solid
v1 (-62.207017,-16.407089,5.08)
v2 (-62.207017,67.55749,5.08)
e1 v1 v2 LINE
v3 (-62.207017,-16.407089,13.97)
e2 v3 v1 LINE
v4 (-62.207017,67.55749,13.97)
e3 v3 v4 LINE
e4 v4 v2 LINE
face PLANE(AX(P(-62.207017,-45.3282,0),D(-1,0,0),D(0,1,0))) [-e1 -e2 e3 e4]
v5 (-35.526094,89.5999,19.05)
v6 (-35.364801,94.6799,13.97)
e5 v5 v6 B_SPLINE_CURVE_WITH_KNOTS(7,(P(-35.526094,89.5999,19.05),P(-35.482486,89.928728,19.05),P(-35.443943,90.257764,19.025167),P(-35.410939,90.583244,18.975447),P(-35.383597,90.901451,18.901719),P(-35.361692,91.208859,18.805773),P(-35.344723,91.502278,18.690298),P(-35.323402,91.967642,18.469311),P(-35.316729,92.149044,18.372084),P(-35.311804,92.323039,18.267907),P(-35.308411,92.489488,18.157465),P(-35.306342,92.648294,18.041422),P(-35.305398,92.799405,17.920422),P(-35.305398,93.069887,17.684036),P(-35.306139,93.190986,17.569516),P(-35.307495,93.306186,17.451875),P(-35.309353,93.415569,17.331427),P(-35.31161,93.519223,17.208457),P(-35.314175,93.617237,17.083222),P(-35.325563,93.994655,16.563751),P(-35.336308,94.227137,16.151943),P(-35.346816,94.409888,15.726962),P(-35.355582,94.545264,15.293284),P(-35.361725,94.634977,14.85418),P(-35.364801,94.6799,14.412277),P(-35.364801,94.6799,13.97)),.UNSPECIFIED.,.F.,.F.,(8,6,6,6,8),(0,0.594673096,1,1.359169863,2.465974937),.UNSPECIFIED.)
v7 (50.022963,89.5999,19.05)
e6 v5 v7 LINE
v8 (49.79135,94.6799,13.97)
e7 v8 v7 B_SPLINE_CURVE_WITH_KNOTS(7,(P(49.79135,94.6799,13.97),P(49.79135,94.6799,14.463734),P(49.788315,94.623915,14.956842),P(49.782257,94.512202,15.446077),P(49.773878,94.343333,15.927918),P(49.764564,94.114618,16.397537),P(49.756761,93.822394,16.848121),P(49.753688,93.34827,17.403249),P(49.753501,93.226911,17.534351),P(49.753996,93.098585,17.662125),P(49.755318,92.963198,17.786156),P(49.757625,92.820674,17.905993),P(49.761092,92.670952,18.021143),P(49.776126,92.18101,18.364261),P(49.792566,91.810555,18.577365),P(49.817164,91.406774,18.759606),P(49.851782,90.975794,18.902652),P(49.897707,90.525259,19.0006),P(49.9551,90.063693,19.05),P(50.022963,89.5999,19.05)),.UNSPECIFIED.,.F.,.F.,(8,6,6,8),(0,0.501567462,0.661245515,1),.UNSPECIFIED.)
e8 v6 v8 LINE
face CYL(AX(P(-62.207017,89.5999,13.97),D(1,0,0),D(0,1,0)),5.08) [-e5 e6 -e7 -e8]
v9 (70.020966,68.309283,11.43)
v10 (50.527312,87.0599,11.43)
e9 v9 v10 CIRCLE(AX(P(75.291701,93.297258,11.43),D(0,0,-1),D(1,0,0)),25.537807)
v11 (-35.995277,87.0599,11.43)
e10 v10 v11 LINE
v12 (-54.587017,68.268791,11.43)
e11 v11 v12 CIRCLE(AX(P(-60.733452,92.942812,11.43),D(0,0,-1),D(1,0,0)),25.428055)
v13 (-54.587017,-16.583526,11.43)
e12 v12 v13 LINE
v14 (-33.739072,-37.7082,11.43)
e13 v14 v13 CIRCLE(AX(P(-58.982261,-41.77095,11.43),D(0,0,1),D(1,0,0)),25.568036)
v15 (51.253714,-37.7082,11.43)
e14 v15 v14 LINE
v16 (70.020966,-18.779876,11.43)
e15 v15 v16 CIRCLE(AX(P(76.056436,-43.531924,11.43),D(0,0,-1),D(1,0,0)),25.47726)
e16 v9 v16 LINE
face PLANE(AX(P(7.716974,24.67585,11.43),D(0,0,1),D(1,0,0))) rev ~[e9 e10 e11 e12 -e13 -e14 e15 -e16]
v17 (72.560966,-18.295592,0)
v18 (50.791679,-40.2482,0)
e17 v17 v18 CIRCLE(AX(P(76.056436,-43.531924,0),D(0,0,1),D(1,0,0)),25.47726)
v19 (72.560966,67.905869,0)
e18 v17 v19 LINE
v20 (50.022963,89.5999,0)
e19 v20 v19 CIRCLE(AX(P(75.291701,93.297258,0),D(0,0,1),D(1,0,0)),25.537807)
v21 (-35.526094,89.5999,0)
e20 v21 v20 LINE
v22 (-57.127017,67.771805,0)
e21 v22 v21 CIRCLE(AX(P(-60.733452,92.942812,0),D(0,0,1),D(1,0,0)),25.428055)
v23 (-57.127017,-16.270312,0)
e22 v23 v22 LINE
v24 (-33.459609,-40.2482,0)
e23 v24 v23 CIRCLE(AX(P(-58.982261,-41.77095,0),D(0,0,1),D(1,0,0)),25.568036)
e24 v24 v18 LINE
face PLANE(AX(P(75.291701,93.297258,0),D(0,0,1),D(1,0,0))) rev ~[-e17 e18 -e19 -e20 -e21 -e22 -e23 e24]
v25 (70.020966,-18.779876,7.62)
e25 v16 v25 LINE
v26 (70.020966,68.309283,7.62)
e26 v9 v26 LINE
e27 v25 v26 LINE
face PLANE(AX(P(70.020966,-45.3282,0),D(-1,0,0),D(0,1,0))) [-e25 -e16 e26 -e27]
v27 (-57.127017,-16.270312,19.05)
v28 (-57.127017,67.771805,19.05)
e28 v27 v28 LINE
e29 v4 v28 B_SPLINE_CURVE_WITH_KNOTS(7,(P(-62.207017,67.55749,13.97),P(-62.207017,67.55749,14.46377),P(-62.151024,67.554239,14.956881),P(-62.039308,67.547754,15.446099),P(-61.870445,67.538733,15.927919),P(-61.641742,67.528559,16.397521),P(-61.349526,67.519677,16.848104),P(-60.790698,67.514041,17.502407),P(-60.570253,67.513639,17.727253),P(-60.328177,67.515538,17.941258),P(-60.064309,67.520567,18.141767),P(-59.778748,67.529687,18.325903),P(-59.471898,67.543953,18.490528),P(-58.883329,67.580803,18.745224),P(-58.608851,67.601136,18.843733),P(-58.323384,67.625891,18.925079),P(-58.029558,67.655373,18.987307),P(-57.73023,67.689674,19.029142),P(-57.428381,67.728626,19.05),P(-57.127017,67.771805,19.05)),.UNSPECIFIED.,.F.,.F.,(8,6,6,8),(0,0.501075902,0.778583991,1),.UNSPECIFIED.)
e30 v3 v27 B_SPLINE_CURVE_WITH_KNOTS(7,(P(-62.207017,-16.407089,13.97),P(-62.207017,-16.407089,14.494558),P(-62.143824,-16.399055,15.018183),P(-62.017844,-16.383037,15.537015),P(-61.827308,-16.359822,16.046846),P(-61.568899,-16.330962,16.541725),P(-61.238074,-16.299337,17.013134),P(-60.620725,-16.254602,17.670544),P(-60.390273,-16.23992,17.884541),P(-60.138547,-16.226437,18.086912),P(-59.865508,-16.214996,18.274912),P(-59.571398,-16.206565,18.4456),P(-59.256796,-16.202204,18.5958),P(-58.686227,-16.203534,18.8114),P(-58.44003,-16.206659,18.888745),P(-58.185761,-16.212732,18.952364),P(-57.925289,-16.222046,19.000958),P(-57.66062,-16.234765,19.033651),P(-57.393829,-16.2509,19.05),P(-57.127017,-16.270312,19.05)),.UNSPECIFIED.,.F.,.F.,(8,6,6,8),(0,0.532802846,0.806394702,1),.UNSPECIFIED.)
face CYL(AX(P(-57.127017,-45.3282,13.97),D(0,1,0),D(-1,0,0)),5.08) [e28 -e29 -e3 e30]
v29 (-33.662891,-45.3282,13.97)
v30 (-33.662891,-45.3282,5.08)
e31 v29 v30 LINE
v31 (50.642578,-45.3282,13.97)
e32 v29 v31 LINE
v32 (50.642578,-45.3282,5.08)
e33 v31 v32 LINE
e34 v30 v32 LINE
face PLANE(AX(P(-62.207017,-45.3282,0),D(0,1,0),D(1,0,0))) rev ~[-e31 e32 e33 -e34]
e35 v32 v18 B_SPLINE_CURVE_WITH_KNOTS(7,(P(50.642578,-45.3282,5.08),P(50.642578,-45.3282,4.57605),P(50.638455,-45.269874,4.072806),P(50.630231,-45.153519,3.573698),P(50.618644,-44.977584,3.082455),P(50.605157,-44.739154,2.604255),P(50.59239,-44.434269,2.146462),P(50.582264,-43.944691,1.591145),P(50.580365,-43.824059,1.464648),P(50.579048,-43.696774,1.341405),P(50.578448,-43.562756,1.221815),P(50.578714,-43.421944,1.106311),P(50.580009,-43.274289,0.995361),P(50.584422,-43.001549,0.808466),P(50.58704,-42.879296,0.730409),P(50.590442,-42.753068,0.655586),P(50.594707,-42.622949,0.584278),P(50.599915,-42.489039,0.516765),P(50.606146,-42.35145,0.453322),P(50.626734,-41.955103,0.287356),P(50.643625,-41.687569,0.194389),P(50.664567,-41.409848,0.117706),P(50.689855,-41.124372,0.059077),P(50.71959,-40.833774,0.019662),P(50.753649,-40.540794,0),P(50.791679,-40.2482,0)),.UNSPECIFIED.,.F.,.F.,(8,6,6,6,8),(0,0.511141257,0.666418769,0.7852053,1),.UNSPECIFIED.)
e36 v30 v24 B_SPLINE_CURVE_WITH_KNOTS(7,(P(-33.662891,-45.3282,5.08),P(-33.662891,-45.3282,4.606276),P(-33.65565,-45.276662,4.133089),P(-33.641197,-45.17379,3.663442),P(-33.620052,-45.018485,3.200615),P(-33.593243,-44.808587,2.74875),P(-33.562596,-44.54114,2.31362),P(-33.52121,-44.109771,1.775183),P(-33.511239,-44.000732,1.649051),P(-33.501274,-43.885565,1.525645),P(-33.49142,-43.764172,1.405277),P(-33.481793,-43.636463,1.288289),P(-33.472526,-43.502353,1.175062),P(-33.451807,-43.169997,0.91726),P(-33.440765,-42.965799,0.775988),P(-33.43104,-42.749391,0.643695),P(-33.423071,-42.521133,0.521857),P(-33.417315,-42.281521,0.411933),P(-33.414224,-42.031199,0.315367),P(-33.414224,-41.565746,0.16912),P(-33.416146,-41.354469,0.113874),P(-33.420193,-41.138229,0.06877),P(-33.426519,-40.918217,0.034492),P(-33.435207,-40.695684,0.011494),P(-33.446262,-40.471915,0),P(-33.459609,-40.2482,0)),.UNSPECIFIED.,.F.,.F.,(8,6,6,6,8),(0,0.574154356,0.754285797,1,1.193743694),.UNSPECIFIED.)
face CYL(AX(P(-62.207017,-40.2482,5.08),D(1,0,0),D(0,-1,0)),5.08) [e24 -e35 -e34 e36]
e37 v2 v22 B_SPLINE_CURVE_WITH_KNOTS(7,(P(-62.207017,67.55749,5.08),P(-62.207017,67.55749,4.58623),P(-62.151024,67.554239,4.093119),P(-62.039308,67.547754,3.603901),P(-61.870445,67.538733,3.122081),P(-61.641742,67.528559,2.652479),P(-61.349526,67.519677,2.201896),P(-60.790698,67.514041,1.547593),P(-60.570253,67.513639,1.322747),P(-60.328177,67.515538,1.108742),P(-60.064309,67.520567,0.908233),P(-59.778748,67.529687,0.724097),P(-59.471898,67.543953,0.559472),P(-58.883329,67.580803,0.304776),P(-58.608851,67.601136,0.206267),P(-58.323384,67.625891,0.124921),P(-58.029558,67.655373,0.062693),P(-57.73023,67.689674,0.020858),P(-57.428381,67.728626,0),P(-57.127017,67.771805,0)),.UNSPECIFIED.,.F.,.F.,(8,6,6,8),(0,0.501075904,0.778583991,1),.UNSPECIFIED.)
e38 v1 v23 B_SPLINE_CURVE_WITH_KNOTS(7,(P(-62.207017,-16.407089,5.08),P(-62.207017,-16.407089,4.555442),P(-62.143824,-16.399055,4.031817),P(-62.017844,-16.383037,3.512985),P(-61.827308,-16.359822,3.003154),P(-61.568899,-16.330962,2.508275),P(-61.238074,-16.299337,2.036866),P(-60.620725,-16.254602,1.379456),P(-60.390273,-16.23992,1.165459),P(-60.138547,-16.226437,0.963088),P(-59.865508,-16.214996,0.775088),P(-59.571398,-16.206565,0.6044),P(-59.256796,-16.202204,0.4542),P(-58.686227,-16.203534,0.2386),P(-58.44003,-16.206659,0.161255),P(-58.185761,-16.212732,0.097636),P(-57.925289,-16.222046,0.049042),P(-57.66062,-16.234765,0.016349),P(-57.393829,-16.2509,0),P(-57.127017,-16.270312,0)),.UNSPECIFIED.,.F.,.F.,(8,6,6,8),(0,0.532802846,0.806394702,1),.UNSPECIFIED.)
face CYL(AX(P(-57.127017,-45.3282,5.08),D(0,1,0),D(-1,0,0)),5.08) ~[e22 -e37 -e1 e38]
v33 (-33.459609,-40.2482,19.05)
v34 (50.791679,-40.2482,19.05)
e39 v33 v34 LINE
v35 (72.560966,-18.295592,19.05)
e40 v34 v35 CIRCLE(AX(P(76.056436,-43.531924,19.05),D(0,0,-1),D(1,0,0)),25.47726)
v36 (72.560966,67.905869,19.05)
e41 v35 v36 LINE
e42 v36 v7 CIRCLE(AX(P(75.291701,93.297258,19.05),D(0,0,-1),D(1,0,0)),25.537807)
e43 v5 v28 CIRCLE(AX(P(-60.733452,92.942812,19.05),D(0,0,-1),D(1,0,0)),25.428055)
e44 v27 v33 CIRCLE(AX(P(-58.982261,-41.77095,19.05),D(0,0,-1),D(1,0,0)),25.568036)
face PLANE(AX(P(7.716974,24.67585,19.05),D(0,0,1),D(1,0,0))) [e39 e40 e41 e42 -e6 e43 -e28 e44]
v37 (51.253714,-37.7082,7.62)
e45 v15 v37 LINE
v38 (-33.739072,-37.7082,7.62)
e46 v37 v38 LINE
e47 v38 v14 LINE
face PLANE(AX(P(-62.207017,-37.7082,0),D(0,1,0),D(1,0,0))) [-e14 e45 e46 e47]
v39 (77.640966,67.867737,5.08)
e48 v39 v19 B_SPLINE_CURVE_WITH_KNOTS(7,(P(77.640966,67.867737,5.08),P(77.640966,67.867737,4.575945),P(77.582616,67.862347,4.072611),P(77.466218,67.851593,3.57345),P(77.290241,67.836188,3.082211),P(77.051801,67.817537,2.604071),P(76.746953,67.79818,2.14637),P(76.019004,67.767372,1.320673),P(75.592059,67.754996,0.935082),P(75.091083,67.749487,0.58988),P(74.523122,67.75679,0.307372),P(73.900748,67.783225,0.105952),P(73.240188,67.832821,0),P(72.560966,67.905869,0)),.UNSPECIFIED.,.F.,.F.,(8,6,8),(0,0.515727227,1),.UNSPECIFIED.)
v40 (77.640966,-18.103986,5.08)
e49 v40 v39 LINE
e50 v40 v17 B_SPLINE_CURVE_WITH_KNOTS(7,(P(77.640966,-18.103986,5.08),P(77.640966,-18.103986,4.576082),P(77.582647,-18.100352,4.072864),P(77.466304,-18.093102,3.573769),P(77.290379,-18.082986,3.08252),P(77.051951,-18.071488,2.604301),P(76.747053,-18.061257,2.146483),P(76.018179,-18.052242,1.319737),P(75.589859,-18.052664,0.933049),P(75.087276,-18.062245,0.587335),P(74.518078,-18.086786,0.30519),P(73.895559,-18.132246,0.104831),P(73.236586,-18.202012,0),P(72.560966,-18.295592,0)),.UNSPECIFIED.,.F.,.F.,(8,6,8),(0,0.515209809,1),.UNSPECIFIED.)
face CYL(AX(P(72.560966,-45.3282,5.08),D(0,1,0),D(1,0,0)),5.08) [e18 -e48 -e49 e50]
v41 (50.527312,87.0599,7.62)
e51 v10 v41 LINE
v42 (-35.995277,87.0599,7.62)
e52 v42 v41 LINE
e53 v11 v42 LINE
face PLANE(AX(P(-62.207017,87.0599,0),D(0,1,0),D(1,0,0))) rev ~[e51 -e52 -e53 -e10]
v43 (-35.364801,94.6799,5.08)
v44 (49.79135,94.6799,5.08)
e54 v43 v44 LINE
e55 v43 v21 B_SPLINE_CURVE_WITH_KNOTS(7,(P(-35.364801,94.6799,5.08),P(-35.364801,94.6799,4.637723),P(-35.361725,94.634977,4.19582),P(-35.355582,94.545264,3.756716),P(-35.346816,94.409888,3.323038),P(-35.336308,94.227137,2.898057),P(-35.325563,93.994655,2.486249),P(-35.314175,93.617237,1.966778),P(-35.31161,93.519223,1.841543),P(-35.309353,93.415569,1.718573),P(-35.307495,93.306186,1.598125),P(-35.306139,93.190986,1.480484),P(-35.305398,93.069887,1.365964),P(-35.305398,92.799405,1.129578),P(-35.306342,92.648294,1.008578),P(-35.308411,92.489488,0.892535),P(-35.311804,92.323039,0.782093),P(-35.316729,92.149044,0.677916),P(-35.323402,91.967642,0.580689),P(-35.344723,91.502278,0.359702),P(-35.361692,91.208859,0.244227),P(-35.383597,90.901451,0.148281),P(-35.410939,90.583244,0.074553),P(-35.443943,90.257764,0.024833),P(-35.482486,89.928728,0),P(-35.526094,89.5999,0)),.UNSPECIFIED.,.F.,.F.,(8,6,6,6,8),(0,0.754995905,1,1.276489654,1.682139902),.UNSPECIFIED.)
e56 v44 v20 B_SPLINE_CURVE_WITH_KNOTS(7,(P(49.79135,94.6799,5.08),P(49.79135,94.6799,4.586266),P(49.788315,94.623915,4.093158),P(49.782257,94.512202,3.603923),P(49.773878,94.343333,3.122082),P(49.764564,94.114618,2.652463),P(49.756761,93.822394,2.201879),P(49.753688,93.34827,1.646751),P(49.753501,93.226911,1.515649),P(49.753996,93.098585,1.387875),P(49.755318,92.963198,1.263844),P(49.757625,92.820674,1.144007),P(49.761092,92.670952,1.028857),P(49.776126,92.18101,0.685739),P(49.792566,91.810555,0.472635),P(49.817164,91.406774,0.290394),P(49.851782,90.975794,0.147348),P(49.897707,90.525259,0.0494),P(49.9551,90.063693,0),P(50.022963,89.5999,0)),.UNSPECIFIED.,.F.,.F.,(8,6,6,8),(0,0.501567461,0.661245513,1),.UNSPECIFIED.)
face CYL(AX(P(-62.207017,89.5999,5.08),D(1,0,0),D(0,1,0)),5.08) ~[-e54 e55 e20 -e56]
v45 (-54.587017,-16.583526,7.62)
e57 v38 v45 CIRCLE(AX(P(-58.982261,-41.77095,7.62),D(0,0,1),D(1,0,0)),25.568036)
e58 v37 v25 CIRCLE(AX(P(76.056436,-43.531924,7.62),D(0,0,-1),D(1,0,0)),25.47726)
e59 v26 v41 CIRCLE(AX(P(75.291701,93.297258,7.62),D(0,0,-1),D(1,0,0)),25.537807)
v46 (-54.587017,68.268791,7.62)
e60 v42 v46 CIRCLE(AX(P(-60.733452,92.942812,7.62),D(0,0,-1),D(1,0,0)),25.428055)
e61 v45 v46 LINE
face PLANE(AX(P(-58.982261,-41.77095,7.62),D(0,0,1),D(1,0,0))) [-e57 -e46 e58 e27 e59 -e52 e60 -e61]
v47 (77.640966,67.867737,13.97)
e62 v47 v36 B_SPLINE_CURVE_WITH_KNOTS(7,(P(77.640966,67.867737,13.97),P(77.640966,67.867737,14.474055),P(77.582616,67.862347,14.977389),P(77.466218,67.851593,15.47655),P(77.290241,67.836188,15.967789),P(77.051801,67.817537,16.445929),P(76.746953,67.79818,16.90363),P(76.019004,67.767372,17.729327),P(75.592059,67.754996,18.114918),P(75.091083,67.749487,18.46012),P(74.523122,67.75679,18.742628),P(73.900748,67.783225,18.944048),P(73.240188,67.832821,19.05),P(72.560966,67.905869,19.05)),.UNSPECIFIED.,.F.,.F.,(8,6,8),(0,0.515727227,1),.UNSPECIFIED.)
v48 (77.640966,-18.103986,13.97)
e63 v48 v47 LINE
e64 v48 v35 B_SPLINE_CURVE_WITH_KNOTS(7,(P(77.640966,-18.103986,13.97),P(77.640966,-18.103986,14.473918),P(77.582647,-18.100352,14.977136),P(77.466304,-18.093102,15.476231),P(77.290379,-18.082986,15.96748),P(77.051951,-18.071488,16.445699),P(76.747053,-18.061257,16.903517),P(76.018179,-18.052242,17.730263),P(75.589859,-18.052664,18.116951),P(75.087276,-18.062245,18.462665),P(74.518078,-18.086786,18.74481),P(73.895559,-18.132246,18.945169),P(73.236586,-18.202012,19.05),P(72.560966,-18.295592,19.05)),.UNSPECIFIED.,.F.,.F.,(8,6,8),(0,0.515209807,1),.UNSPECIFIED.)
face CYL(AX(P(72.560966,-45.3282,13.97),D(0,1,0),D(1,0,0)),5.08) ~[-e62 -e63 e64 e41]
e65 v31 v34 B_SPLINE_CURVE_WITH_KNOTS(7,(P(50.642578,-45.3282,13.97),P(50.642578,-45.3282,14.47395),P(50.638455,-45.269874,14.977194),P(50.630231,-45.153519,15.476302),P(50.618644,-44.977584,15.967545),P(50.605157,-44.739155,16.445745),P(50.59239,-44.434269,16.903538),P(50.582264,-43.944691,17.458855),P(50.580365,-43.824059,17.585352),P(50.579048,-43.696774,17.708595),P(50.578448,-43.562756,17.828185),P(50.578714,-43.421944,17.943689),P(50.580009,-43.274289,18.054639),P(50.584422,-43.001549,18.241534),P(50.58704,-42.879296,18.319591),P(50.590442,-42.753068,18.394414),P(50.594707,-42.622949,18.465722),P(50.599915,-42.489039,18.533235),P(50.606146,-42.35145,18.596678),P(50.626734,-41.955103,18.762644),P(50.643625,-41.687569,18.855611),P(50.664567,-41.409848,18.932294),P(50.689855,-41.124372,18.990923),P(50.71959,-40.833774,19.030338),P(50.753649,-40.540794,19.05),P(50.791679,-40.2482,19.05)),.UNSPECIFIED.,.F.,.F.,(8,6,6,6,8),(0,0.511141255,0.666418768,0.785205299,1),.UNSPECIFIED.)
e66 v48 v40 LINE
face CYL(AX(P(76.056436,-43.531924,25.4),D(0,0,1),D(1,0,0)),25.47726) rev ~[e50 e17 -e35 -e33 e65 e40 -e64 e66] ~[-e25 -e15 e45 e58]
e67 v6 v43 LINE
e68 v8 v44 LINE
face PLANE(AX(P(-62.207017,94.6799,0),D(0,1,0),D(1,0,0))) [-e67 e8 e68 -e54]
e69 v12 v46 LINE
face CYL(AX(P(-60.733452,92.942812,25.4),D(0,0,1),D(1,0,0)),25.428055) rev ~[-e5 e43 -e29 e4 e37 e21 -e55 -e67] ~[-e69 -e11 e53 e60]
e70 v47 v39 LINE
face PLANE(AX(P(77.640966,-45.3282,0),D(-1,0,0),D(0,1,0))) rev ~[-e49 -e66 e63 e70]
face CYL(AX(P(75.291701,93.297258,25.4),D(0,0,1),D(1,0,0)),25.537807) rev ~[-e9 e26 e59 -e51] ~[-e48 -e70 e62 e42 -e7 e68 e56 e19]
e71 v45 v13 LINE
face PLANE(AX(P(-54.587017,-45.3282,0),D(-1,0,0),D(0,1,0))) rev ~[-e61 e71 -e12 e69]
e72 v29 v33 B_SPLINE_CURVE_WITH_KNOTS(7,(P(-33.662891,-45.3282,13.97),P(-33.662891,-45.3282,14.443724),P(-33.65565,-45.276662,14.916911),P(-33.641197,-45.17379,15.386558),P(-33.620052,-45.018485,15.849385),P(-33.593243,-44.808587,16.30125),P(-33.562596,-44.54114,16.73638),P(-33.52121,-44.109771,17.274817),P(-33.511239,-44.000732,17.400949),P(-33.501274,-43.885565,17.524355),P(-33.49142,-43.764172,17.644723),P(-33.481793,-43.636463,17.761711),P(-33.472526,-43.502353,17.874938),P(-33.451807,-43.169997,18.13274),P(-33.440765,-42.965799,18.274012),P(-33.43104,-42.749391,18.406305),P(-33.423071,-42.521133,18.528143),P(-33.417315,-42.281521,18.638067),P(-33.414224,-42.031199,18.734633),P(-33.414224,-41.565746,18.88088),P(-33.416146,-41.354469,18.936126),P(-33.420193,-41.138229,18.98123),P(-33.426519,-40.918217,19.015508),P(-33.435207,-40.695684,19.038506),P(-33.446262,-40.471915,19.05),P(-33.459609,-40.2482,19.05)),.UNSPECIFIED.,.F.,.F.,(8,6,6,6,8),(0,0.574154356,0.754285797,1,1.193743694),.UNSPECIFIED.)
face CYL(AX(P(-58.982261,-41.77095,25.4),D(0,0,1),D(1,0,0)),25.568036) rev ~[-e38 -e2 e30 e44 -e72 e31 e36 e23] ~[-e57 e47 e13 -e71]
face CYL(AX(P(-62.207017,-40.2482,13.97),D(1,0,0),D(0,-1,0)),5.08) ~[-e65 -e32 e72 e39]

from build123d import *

# Parameters (mm, degrees)
F0_W      = 139.8479826748
F0_H      = 140.0080993772
F1_DEPTH  = 19.05
F2_R      = 5.08
F3_R      = 25.5680364158
F4_DEPTH  = 25.4
F5_DEPTH  = 25.4
F6_T      = -7.62
F7_R      = 25.4280545829
F8_DEPTH  = 25.4
F9_DEPTH  = 25.4
F10_R     = 25.4772603169
F11_DEPTH = 25.4
F12_DEPTH = 25.4
F13_R     = 25.5378066053
F14_DEPTH = 25.4
F15_DEPTH = 25.4


with BuildPart() as f1:
    # F0 (on Top) → F1 (new body)
    with BuildSketch(Plane.XY):
        with Locations((7.7169742435, 24.6758498251)):
            Rectangle(F0_W, F0_H)
    extrude(amount=F1_DEPTH)

    # F2
    f2_edges = [f1.edges().sort_by_distance(p)[0] for p in [
        (7.716974, -45.3282, 19.05),
        (7.716974, -45.3282, 0),
        (-62.207017, 94.6799, 9.525),
        (-62.207017, -45.3282, 9.525),
        (-62.207017, 24.67585, 0),
        (-62.207017, 24.67585, 19.05),
        (7.716974, 94.6799, 19.05),
        (7.716974, 94.6799, 0),
        (77.640966, 24.67585, 19.05),
        (77.640966, 24.67585, 0),
        (77.640966, -45.3282, 9.525),
        (77.640966, 94.6799, 9.525),
    ]]
    fillet(f2_edges, radius=F2_R)

    # F3 (on Top) → F4 (join)
    with BuildSketch(Plane.XY):
        with Locations((-58.9822605252, -41.7709499598)):
            Circle(F3_R)
    extrude(amount=F4_DEPTH)

    # F5 (cut): a face of the model
    f5_faces = [f1.faces().sort_by_distance(p)[0] for p in [
        (-58.9822605252, -41.7709499598, 25.4),
    ]]
    extrude(f5_faces, amount=-F5_DEPTH, mode=Mode.SUBTRACT)

    # F6
    f6_openings = [f1.faces().sort_by_distance(p)[0] for p in [
        (-40.784716, -23.810609, 9.525),
    ]]
    offset(amount=F6_T, openings=f6_openings, kind=Kind.INTERSECTION)

    # F7 (on Top) → F8 (join)
    with BuildSketch(Plane.XY):
        with Locations((-60.7334524393, 92.9428115487)):
            Circle(F7_R)
    extrude(amount=F8_DEPTH)

    # F9 (cut): a face of the model
    f9_faces = [f1.faces().sort_by_distance(p)[0] for p in [
        (-60.7334524393, 92.9428115487, 25.4),
    ]]
    extrude(f9_faces, amount=-F9_DEPTH, mode=Mode.SUBTRACT)

    # F10 (on Top) → F11 (join)
    with BuildSketch(Plane.XY):
        with Locations((76.0564357042, -43.5319244862)):
            Circle(F10_R)
    extrude(amount=F11_DEPTH)

    # F12 (cut): a face of the model
    f12_faces = [f1.faces().sort_by_distance(p)[0] for p in [
        (76.0564357042, -43.5319244862, 25.4),
    ]]
    extrude(f12_faces, amount=-F12_DEPTH, mode=Mode.SUBTRACT)

    # F13 (on Top) → F14 (join)
    with BuildSketch(Plane.XY):
        with Locations((75.2917006612, 93.2972580194)):
            Circle(F13_R)
    extrude(amount=F14_DEPTH)

    # F15 (cut): a face of the model
    f15_faces = [f1.faces().sort_by_distance(p)[0] for p in [
        (75.2917006612, 93.2972580194, 25.4),
    ]]
    extrude(f15_faces, amount=-F15_DEPTH, mode=Mode.SUBTRACT)


solid = f1.part
